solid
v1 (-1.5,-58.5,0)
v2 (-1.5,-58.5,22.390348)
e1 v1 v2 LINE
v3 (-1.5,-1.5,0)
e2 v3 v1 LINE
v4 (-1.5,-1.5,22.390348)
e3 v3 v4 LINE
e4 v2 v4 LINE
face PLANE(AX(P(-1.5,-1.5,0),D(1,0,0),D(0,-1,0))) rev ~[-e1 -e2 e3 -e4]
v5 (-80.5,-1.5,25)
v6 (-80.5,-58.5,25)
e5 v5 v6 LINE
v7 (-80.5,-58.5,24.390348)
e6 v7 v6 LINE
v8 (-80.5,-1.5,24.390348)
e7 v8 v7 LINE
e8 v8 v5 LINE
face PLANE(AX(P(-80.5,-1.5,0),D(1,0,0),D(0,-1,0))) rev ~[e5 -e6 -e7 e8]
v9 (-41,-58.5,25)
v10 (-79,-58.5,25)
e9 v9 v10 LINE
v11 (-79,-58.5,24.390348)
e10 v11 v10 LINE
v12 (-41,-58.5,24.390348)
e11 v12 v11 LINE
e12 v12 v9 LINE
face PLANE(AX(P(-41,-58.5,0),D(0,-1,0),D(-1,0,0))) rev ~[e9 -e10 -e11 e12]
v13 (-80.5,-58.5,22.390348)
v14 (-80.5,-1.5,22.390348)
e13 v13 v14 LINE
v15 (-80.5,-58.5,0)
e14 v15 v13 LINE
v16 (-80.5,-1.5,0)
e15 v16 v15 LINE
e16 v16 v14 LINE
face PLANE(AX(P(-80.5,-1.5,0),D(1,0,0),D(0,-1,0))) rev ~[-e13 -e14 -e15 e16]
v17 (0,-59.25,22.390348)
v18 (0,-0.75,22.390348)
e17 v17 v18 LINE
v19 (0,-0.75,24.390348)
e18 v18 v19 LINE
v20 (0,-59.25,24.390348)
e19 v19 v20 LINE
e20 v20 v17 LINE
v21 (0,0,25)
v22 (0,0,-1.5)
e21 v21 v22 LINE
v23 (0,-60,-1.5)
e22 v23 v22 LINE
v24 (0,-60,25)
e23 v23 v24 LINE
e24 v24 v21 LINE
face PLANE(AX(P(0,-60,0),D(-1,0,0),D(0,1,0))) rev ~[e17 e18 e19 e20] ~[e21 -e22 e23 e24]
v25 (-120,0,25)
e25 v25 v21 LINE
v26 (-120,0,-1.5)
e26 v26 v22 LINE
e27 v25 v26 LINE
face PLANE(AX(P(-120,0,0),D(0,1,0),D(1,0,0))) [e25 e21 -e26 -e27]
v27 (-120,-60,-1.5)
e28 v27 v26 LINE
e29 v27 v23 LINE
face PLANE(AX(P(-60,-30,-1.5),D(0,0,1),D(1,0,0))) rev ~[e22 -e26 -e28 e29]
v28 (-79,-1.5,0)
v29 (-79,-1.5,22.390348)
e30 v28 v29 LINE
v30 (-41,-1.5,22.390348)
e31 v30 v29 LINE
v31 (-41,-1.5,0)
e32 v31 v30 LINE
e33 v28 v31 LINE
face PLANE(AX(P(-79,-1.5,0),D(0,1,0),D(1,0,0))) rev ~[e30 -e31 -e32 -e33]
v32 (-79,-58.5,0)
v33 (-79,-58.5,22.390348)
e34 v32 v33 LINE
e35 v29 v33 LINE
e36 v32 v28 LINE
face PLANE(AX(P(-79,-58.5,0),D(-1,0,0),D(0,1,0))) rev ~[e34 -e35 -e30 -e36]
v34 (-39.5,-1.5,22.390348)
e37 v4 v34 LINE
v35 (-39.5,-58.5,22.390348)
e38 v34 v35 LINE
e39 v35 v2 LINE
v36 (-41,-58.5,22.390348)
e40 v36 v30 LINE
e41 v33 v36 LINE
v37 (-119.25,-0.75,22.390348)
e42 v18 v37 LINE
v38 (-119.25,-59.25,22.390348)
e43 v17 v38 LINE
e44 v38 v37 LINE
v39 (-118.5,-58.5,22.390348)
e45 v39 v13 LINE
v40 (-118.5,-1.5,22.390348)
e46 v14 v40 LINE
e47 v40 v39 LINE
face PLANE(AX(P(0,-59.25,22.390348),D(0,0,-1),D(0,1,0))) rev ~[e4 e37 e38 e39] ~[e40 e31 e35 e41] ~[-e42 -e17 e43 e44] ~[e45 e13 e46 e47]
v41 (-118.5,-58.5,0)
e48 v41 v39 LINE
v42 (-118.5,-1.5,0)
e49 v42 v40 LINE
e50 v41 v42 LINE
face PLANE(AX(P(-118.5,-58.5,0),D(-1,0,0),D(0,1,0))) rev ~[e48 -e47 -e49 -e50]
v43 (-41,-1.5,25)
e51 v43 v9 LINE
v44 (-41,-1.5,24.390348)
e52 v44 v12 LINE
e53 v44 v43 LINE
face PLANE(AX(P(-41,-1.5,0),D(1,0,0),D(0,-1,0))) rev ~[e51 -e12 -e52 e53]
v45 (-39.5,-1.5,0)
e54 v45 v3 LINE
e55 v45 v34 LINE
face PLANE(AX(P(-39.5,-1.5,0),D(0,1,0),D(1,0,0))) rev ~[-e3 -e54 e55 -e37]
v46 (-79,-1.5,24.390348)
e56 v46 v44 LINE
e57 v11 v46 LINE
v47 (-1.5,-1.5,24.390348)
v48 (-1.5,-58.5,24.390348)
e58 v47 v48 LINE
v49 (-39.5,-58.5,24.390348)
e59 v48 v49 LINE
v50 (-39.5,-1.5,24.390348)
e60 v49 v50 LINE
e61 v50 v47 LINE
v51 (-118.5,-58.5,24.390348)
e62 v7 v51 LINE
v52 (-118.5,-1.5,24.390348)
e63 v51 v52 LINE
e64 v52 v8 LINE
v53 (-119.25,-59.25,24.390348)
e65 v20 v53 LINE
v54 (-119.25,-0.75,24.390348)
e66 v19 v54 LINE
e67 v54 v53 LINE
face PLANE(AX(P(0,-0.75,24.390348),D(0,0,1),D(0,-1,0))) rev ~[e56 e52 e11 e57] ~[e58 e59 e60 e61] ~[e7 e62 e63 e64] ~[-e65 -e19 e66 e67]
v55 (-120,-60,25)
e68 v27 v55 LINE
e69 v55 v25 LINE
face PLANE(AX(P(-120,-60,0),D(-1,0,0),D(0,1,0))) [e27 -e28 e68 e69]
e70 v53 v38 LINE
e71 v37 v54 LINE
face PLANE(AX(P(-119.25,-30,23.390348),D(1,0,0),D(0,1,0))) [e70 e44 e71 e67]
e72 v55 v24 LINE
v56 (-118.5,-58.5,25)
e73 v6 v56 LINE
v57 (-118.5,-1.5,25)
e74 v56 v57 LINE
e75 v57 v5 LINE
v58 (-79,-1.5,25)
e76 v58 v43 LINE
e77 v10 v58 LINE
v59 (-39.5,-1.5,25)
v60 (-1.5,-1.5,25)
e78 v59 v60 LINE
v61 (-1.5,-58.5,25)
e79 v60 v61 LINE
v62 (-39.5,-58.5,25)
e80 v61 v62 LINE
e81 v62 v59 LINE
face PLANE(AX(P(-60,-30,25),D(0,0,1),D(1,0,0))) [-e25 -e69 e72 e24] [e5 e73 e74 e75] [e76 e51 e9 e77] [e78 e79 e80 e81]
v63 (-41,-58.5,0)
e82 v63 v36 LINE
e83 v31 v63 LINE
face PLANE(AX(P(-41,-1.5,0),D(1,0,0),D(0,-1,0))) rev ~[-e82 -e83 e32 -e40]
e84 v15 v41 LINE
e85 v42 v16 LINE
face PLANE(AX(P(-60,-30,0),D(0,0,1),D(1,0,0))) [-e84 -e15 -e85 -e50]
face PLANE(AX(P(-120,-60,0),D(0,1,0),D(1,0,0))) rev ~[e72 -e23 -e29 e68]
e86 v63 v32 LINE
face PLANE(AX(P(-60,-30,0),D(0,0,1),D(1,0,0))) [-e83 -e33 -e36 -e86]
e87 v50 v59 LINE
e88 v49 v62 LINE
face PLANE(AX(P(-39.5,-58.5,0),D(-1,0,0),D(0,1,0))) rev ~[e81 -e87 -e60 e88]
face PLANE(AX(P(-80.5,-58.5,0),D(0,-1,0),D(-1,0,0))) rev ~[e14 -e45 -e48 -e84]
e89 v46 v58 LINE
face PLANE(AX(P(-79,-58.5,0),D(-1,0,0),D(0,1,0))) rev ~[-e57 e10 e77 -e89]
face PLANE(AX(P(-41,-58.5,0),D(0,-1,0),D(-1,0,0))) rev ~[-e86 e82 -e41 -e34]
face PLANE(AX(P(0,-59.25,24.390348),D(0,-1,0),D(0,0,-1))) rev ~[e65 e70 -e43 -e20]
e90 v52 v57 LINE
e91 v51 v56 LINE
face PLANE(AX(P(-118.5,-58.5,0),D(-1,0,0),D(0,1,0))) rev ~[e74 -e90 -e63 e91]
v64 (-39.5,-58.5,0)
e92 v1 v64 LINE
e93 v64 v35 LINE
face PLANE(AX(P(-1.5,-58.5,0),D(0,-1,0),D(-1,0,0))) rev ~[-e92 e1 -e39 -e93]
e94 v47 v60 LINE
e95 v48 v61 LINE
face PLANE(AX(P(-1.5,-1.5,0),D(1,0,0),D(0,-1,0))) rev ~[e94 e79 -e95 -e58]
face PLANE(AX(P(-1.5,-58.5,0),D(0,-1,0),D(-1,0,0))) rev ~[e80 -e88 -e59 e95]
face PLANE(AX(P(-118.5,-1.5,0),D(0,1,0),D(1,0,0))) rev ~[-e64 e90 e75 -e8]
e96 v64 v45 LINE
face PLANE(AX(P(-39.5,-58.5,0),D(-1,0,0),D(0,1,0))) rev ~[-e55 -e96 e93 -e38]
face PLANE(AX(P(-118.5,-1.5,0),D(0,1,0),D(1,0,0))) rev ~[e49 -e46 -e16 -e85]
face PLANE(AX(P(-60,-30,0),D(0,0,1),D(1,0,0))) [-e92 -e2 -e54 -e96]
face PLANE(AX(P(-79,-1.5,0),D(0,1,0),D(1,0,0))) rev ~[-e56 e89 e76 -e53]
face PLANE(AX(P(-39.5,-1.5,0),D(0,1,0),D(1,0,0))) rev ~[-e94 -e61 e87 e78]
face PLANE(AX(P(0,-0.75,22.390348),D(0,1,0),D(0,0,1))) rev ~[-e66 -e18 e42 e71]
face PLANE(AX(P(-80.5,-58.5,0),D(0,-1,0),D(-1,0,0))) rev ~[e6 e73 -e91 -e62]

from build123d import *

# Parameters (mm, degrees)
F0_W     = 120
F0_H     = 60
F1_DEPTH = 1.5
F2_DEPTH = 25
F4_DEPTH = 119.25


with BuildPart() as f1:
    # F0 (on Top) → F1 (new body)
    with BuildSketch(Plane.XY):
        with Locations((-60, -30)):
            Rectangle(F0_W, F0_H)
        Polygon((-118.5, -58.5), (-118.5, -30), (-118.5, -1.5), (-80.5, -1.5), (-80.5, -58.5), align=None, mode=Mode.SUBTRACT)
        Polygon((-41, -58.5), (-60, -58.5), (-79, -58.5), (-79, -1.5), (-60, -1.5), (-41, -1.5), align=None, mode=Mode.SUBTRACT)
        Polygon((-1.5, -1.5), (-1.5, -30), (-1.5, -58.5), (-39.5, -58.5), (-39.5, -1.5), align=None, mode=Mode.SUBTRACT)
        Polygon((-118.5, -1.5), (-118.5, -30), (-118.5, -58.5), (-80.5, -58.5), (-80.5, -1.5), align=None)
        Polygon((-79, -58.5), (-60, -58.5), (-41, -58.5), (-41, -1.5), (-60, -1.5), (-79, -1.5), align=None)
        Polygon((-1.5, -58.5), (-1.5, -30), (-1.5, -1.5), (-39.5, -1.5), (-39.5, -58.5), align=None)
    extrude(amount=-F1_DEPTH)

    # F0 (on Top) → F2 (join)
    with BuildSketch(Plane.XY):
        with Locations((-60, -30)):
            Rectangle(F0_W, F0_H)
        Polygon((-118.5, -58.5), (-118.5, -30), (-118.5, -1.5), (-80.5, -1.5), (-80.5, -58.5), align=None, mode=Mode.SUBTRACT)
        Polygon((-41, -58.5), (-60, -58.5), (-79, -58.5), (-79, -1.5), (-60, -1.5), (-41, -1.5), align=None, mode=Mode.SUBTRACT)
        Polygon((-1.5, -1.5), (-1.5, -30), (-1.5, -58.5), (-39.5, -58.5), (-39.5, -1.5), align=None, mode=Mode.SUBTRACT)
    extrude(amount=F2_DEPTH)

    # F3 (on Right) → F4 (cut)
    with BuildSketch(Plane.YZ):
        Polygon((-0.75, 23.390348), (-0.75, 24.390348), (-59.25, 24.390348), (-59.25, 23.390348), (-59.25, 22.390348), (-0.75, 22.390348), align=None)
    extrude(amount=-F4_DEPTH, mode=Mode.SUBTRACT)


solid = f1.part
